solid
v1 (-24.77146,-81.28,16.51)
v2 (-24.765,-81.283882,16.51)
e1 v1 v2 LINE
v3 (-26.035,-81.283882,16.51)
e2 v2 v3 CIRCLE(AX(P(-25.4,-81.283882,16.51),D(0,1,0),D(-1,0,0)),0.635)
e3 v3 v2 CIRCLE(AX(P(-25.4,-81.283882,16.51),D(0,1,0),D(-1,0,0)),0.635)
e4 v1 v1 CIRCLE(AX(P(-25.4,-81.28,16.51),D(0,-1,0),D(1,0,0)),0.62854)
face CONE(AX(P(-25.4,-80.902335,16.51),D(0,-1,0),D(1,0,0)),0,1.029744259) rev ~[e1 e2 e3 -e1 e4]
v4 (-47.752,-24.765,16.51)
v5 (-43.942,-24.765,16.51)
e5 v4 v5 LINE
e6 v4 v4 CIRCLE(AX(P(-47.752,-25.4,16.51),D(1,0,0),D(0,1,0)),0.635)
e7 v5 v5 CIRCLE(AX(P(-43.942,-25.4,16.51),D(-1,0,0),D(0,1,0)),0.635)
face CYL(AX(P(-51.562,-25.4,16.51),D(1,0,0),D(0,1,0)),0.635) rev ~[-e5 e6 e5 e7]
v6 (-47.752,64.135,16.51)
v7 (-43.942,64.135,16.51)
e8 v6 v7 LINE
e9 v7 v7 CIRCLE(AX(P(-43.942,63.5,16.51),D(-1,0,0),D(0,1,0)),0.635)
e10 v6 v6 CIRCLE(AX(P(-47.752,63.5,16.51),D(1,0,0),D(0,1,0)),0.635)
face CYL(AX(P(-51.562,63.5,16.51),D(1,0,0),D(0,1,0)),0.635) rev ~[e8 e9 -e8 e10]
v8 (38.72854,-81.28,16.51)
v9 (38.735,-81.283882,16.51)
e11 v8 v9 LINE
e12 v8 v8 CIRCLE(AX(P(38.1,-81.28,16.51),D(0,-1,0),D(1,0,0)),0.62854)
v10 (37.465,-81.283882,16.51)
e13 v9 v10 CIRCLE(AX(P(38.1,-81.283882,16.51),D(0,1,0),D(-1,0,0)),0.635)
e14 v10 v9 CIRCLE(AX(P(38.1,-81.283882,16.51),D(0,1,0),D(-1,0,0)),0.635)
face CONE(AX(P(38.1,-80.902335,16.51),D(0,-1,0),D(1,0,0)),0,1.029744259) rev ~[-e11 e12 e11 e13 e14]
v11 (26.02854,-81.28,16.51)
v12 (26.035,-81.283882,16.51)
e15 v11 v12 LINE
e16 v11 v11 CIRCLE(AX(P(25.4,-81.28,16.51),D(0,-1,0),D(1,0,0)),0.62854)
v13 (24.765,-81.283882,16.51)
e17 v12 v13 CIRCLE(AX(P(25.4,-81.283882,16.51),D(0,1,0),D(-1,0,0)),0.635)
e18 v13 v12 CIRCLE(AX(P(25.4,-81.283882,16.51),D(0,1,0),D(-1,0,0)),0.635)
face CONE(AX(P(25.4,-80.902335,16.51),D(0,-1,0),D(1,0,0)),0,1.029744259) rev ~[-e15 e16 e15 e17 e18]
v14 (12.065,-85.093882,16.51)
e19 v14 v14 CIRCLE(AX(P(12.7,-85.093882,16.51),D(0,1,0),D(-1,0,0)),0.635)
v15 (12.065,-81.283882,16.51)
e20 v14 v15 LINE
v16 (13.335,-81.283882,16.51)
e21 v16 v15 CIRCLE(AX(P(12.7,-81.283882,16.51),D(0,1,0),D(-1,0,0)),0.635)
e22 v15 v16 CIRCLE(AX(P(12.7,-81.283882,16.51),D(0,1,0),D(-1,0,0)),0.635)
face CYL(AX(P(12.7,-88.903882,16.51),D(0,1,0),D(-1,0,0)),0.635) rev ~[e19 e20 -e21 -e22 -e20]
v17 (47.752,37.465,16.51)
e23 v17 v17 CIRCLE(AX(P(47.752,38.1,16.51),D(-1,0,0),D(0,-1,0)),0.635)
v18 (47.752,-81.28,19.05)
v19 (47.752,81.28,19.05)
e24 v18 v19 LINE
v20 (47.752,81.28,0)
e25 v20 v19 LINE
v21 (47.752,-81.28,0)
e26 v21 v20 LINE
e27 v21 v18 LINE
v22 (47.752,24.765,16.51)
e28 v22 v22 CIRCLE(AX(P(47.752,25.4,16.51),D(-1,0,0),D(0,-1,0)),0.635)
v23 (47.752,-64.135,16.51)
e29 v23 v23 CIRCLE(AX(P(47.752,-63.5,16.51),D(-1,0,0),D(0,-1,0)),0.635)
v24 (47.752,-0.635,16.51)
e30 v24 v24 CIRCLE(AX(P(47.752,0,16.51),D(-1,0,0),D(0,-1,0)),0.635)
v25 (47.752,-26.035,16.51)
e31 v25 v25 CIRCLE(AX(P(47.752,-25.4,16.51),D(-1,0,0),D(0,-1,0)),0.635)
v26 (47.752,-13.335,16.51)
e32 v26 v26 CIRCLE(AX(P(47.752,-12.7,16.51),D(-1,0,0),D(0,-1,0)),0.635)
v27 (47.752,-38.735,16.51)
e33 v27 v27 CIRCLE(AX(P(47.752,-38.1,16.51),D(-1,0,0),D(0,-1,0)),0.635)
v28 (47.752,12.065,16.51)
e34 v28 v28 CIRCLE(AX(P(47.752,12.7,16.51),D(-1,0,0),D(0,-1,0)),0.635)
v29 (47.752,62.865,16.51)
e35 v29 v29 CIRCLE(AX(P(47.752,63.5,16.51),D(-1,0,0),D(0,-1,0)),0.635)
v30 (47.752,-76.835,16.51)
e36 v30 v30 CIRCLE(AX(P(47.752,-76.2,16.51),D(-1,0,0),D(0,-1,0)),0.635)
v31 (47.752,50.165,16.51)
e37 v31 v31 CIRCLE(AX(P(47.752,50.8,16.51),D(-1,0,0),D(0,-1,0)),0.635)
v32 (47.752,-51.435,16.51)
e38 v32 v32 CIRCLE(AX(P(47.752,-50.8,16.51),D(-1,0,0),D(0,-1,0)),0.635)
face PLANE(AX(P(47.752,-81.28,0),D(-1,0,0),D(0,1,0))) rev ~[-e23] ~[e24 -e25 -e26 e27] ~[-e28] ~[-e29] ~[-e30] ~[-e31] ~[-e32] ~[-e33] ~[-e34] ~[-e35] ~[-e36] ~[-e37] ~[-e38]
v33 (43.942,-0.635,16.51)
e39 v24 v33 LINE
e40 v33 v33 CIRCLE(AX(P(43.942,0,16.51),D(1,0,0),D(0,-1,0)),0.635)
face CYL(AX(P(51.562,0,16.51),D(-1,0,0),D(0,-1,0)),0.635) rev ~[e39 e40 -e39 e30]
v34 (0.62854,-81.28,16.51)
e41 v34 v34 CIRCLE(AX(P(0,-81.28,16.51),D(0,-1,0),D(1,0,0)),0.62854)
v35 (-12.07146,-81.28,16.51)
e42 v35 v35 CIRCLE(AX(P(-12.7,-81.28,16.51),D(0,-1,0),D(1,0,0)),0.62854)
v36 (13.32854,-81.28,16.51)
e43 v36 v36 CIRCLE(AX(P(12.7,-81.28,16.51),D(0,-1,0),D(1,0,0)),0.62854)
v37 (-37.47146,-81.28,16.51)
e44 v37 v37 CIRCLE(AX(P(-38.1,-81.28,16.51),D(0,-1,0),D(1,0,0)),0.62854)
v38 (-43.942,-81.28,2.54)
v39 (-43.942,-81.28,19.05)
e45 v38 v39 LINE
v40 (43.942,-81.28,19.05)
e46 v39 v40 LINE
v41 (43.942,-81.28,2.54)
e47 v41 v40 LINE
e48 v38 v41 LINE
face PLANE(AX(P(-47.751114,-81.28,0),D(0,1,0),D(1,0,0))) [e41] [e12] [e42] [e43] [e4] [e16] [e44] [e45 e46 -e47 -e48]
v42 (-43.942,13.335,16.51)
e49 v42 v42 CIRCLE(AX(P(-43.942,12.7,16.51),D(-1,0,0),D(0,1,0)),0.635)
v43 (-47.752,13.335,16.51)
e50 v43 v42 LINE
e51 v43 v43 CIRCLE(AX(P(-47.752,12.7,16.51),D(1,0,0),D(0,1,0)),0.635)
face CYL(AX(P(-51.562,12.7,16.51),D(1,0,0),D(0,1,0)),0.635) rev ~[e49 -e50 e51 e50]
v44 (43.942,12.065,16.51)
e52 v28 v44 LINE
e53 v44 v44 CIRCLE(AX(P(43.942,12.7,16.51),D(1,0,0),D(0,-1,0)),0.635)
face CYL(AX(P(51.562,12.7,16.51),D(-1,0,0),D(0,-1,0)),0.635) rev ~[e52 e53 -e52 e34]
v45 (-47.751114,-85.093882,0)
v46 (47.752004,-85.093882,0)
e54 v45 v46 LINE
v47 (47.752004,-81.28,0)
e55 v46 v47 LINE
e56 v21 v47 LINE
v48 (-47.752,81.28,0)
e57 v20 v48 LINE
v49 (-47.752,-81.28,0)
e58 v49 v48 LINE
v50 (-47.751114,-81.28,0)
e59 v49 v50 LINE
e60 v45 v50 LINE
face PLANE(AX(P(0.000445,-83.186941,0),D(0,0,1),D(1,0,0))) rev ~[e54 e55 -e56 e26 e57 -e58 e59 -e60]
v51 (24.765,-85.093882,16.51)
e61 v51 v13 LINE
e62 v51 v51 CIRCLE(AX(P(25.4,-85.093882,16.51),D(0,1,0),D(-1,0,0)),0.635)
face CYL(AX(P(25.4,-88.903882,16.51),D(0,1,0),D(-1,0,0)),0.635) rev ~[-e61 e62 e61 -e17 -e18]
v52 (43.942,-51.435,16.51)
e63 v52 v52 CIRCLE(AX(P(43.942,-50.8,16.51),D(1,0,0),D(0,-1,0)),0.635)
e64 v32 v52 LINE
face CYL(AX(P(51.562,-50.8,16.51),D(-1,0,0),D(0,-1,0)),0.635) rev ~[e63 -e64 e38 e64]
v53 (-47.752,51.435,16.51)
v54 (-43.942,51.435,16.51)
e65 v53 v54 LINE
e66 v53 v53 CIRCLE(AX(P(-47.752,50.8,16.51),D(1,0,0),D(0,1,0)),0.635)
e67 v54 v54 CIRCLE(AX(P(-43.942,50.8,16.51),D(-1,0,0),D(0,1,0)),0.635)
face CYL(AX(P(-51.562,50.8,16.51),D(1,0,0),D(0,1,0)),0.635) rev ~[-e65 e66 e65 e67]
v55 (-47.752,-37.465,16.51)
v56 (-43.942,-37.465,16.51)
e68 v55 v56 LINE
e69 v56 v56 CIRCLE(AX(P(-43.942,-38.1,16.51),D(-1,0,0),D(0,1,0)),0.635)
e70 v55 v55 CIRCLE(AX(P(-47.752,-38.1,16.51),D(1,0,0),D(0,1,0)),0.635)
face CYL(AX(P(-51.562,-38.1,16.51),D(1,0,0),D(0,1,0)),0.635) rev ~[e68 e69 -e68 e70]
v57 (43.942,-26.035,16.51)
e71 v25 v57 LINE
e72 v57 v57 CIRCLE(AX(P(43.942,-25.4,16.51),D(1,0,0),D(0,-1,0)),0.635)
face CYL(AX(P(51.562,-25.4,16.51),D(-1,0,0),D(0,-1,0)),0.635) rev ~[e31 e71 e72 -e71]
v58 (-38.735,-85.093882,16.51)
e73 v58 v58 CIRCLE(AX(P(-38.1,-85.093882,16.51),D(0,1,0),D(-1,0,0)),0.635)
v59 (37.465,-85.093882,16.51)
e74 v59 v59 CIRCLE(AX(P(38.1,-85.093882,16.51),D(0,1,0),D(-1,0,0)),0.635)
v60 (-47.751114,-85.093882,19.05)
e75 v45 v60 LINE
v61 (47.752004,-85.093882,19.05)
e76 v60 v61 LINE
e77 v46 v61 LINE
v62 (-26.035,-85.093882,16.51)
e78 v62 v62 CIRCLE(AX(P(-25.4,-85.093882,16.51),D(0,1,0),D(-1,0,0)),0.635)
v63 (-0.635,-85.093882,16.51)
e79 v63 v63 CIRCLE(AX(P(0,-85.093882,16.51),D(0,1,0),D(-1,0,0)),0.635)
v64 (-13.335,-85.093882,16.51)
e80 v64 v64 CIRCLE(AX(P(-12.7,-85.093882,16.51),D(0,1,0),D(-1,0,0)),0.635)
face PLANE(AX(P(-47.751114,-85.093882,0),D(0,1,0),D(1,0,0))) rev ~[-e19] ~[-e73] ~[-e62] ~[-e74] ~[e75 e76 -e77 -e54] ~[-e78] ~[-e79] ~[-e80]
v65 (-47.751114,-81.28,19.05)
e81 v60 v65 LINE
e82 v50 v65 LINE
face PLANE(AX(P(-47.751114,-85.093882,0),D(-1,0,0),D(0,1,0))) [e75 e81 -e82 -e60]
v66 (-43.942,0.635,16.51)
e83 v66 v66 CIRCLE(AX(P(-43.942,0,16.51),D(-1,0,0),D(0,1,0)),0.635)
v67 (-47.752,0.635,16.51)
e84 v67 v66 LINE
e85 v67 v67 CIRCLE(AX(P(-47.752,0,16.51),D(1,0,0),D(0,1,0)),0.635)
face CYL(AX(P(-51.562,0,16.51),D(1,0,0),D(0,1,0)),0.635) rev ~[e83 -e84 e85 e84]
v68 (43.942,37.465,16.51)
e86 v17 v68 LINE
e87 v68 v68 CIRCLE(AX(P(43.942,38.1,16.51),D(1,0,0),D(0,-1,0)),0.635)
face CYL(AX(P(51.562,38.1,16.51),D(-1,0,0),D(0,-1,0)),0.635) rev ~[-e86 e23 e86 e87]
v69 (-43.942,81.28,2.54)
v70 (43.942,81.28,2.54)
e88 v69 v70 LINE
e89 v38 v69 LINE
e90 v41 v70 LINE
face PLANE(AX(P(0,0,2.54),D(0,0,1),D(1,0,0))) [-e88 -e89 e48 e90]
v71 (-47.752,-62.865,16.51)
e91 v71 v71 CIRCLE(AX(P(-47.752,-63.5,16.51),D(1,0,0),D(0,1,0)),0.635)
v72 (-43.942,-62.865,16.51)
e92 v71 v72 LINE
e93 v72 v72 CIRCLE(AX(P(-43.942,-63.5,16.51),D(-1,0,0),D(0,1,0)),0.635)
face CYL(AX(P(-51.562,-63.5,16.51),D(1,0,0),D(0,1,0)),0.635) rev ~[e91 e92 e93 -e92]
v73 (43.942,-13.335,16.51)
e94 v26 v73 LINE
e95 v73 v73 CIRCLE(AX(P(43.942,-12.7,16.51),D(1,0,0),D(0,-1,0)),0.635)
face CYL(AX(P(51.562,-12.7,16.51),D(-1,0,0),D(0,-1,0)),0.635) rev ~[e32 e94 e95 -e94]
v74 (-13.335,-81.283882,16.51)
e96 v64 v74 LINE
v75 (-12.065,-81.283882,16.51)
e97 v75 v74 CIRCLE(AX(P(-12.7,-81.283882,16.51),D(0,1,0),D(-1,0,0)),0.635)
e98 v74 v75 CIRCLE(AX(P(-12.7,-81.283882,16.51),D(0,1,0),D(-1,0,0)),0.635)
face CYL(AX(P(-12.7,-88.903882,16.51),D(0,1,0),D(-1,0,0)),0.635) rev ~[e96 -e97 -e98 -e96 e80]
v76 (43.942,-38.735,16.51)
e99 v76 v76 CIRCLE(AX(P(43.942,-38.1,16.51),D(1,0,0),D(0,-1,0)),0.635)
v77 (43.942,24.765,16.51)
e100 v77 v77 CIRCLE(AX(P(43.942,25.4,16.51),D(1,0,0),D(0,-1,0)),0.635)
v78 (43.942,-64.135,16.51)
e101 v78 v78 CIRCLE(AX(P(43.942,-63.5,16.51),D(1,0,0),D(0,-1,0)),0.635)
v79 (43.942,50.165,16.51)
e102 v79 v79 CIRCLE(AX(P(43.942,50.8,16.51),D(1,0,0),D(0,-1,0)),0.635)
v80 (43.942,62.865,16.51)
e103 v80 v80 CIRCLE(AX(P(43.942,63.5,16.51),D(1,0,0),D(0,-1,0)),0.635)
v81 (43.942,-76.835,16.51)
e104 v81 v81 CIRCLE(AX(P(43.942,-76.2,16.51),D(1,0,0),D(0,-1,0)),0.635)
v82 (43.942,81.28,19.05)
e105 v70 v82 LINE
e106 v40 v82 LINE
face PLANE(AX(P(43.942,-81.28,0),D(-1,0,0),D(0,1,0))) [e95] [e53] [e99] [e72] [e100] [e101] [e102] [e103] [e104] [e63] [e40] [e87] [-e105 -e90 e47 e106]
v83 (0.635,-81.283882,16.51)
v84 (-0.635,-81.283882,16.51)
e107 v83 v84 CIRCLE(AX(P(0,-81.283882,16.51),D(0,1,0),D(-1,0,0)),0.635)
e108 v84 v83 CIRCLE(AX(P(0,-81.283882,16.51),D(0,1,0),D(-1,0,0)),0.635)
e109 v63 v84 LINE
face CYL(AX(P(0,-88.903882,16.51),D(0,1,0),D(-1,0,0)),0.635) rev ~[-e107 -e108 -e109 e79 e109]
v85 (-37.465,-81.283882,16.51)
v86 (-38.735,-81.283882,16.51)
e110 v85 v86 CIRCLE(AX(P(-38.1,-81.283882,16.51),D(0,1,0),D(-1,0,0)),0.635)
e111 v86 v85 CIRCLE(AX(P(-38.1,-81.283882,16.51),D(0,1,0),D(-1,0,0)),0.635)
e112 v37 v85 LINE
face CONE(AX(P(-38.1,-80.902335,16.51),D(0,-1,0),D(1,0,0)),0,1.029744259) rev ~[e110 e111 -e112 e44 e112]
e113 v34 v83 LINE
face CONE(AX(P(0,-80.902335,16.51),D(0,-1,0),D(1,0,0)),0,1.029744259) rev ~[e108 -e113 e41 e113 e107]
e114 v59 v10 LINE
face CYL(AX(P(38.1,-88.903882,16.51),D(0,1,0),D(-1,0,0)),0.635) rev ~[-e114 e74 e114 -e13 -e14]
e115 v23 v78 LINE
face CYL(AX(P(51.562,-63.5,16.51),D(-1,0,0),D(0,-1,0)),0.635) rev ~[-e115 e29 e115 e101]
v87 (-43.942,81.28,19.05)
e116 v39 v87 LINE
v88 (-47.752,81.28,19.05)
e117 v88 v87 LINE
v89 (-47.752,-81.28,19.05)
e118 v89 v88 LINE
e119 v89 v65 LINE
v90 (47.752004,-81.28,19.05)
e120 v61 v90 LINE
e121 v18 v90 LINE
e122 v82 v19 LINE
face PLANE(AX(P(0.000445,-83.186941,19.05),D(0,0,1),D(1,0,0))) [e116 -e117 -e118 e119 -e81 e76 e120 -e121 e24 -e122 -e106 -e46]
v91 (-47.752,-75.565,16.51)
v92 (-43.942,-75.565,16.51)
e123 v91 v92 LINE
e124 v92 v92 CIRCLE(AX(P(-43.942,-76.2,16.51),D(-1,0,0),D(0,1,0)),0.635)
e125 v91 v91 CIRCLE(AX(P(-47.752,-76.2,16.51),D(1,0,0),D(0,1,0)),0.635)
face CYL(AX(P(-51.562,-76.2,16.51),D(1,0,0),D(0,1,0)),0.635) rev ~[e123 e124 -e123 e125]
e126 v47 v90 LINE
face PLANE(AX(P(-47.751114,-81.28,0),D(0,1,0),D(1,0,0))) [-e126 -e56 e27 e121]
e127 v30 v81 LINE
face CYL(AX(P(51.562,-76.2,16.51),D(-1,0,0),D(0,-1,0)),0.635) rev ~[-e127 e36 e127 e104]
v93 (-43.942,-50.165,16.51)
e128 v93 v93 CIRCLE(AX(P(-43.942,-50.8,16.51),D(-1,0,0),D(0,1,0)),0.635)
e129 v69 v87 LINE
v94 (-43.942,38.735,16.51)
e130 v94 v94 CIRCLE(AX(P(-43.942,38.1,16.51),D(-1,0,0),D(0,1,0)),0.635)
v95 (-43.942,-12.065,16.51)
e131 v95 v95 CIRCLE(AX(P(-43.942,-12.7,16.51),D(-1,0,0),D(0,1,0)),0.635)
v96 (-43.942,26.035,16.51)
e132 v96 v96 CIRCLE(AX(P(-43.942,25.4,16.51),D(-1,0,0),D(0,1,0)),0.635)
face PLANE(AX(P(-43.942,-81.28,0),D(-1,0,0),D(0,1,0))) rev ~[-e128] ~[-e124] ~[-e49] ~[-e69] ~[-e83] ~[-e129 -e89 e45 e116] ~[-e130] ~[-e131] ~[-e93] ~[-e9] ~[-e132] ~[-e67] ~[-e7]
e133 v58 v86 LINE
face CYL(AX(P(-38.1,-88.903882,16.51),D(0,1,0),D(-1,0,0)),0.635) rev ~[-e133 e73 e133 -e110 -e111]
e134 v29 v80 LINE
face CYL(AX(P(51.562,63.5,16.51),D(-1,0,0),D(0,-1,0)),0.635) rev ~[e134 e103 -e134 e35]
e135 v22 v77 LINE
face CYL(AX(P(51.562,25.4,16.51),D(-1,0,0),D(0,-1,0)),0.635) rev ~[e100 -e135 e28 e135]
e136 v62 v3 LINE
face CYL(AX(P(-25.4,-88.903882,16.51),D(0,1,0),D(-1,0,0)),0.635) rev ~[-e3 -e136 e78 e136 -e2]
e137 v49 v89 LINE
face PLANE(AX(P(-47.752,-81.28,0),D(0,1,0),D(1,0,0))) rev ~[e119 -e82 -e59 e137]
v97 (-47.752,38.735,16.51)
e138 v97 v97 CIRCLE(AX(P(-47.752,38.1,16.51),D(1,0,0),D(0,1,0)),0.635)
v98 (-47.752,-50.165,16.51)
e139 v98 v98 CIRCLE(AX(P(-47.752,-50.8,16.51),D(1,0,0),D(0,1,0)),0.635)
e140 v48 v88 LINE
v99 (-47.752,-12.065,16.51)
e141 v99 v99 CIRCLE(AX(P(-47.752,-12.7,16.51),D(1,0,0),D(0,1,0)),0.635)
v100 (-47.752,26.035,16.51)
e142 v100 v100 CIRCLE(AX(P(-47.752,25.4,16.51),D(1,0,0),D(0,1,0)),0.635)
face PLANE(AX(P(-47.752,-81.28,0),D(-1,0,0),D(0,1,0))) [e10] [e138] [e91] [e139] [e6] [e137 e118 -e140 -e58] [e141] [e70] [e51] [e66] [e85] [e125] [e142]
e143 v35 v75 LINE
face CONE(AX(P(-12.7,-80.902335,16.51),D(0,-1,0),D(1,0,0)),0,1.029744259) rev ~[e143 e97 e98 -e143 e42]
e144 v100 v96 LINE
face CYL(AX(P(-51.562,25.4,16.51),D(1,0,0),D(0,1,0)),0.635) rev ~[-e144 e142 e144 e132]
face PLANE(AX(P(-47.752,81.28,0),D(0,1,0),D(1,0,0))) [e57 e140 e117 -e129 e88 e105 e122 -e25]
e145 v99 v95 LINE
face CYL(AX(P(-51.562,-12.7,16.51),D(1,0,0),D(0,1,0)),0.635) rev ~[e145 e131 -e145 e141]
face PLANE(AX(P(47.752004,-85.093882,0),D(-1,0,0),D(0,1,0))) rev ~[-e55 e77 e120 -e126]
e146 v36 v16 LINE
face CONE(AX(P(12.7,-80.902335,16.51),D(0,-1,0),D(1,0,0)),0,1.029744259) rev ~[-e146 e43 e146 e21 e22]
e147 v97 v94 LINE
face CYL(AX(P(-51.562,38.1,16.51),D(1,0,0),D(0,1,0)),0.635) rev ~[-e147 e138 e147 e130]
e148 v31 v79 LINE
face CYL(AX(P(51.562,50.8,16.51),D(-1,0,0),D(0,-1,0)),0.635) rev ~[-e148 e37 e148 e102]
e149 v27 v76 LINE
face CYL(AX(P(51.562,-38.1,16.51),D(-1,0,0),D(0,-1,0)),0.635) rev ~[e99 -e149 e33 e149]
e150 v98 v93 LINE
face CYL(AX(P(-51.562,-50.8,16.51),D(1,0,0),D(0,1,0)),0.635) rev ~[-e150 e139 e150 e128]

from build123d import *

# Parameters (mm, degrees)
F0_W      = 87.884
F0_H      = 162.56
F1_DEPTH  = 2.54
F2_W      = 3.81
F2_H      = 162.56
F3_DEPTH  = 19.05
F4_W      = 95.5031178892
F4_H      = 3.8138817525
F5_DEPTH  = 19.05
F8_D      = 1.27
F8_DEPTH  = 3.81
F8_TIP    = 0.3815464931
F9_D      = 1.27
F9_DEPTH  = 3.81
F9_TIP    = 0.3815464931
F11_D     = 1.27
F11_DEPTH = 3.81
F11_TIP   = 0.3815464931


with BuildPart() as f1:
    # F0 (on Top) → F1 (new body)
    with BuildSketch(Plane.XY):
        Rectangle(F0_W, F0_H)
    extrude(amount=F1_DEPTH)

    # F2 (on Top) → F3 (join)
    with BuildSketch(Plane.XY):
        with Locations((-45.847, 0)):
            Rectangle(F2_W, F2_H)
        with Locations((45.847, 0)):
            Rectangle(F2_W, F2_H)
    extrude(amount=F3_DEPTH)

    # F4 (on Top) → F5 (join)
    with BuildSketch(Plane.XY):
        with Locations((0.0004451722, -83.1869408762)):
            Rectangle(F4_W, F4_H)
    extrude(amount=F5_DEPTH)

    # F8
    with Locations(Plane.YZ.offset(47.752)):
        with Locations((-12.7, 16.51), (0, 16.51), (12.7, 16.51), (25.4, 16.51), (38.1, 16.51), (50.8, 16.51), (63.5, 16.51), (-25.4, 16.51), (-38.1, 16.51), (-50.8, 16.51), (-63.5, 16.51), (-76.2, 16.51)):
            Hole(F8_D / 2, depth=F8_DEPTH)
            with Locations((0, 0, -(F8_DEPTH + F8_TIP / 2))):  # 118° drill point
                Cone(0, F8_D / 2, F8_TIP, mode=Mode.SUBTRACT)

    # F9
    with Locations(Plane(origin=(-47.752, 0, 0), x_dir=(0, -1, 0), z_dir=(-1, 0, 0))):
        with Locations((-63.5, 16.51), (-50.8, 16.51), (-38.1, 16.51), (-12.7, 16.51), (0, 16.51), (-25.4, 16.51), (12.7, 16.51), (25.4, 16.51), (38.1, 16.51), (50.8, 16.51), (63.5, 16.51), (76.2, 16.51)):
            Hole(F9_D / 2, depth=F9_DEPTH)
            with Locations((0, 0, -(F9_DEPTH + F9_TIP / 2))):  # 118° drill point
                Cone(0, F9_D / 2, F9_TIP, mode=Mode.SUBTRACT)

    # F11
    with Locations(Plane.XZ.offset(85.0938817525)):
        with Locations((-38.1, 16.51), (-25.4, 16.51), (-12.7, 16.51), (0, 16.51), (12.7, 16.51), (25.4, 16.51), (38.1, 16.51)):
            Hole(F11_D / 2, depth=F11_DEPTH)
            with Locations((0, 0, -(F11_DEPTH + F11_TIP / 2))):  # 118° drill point
                Cone(0, F11_D / 2, F11_TIP, mode=Mode.SUBTRACT)


solid = f1.part
